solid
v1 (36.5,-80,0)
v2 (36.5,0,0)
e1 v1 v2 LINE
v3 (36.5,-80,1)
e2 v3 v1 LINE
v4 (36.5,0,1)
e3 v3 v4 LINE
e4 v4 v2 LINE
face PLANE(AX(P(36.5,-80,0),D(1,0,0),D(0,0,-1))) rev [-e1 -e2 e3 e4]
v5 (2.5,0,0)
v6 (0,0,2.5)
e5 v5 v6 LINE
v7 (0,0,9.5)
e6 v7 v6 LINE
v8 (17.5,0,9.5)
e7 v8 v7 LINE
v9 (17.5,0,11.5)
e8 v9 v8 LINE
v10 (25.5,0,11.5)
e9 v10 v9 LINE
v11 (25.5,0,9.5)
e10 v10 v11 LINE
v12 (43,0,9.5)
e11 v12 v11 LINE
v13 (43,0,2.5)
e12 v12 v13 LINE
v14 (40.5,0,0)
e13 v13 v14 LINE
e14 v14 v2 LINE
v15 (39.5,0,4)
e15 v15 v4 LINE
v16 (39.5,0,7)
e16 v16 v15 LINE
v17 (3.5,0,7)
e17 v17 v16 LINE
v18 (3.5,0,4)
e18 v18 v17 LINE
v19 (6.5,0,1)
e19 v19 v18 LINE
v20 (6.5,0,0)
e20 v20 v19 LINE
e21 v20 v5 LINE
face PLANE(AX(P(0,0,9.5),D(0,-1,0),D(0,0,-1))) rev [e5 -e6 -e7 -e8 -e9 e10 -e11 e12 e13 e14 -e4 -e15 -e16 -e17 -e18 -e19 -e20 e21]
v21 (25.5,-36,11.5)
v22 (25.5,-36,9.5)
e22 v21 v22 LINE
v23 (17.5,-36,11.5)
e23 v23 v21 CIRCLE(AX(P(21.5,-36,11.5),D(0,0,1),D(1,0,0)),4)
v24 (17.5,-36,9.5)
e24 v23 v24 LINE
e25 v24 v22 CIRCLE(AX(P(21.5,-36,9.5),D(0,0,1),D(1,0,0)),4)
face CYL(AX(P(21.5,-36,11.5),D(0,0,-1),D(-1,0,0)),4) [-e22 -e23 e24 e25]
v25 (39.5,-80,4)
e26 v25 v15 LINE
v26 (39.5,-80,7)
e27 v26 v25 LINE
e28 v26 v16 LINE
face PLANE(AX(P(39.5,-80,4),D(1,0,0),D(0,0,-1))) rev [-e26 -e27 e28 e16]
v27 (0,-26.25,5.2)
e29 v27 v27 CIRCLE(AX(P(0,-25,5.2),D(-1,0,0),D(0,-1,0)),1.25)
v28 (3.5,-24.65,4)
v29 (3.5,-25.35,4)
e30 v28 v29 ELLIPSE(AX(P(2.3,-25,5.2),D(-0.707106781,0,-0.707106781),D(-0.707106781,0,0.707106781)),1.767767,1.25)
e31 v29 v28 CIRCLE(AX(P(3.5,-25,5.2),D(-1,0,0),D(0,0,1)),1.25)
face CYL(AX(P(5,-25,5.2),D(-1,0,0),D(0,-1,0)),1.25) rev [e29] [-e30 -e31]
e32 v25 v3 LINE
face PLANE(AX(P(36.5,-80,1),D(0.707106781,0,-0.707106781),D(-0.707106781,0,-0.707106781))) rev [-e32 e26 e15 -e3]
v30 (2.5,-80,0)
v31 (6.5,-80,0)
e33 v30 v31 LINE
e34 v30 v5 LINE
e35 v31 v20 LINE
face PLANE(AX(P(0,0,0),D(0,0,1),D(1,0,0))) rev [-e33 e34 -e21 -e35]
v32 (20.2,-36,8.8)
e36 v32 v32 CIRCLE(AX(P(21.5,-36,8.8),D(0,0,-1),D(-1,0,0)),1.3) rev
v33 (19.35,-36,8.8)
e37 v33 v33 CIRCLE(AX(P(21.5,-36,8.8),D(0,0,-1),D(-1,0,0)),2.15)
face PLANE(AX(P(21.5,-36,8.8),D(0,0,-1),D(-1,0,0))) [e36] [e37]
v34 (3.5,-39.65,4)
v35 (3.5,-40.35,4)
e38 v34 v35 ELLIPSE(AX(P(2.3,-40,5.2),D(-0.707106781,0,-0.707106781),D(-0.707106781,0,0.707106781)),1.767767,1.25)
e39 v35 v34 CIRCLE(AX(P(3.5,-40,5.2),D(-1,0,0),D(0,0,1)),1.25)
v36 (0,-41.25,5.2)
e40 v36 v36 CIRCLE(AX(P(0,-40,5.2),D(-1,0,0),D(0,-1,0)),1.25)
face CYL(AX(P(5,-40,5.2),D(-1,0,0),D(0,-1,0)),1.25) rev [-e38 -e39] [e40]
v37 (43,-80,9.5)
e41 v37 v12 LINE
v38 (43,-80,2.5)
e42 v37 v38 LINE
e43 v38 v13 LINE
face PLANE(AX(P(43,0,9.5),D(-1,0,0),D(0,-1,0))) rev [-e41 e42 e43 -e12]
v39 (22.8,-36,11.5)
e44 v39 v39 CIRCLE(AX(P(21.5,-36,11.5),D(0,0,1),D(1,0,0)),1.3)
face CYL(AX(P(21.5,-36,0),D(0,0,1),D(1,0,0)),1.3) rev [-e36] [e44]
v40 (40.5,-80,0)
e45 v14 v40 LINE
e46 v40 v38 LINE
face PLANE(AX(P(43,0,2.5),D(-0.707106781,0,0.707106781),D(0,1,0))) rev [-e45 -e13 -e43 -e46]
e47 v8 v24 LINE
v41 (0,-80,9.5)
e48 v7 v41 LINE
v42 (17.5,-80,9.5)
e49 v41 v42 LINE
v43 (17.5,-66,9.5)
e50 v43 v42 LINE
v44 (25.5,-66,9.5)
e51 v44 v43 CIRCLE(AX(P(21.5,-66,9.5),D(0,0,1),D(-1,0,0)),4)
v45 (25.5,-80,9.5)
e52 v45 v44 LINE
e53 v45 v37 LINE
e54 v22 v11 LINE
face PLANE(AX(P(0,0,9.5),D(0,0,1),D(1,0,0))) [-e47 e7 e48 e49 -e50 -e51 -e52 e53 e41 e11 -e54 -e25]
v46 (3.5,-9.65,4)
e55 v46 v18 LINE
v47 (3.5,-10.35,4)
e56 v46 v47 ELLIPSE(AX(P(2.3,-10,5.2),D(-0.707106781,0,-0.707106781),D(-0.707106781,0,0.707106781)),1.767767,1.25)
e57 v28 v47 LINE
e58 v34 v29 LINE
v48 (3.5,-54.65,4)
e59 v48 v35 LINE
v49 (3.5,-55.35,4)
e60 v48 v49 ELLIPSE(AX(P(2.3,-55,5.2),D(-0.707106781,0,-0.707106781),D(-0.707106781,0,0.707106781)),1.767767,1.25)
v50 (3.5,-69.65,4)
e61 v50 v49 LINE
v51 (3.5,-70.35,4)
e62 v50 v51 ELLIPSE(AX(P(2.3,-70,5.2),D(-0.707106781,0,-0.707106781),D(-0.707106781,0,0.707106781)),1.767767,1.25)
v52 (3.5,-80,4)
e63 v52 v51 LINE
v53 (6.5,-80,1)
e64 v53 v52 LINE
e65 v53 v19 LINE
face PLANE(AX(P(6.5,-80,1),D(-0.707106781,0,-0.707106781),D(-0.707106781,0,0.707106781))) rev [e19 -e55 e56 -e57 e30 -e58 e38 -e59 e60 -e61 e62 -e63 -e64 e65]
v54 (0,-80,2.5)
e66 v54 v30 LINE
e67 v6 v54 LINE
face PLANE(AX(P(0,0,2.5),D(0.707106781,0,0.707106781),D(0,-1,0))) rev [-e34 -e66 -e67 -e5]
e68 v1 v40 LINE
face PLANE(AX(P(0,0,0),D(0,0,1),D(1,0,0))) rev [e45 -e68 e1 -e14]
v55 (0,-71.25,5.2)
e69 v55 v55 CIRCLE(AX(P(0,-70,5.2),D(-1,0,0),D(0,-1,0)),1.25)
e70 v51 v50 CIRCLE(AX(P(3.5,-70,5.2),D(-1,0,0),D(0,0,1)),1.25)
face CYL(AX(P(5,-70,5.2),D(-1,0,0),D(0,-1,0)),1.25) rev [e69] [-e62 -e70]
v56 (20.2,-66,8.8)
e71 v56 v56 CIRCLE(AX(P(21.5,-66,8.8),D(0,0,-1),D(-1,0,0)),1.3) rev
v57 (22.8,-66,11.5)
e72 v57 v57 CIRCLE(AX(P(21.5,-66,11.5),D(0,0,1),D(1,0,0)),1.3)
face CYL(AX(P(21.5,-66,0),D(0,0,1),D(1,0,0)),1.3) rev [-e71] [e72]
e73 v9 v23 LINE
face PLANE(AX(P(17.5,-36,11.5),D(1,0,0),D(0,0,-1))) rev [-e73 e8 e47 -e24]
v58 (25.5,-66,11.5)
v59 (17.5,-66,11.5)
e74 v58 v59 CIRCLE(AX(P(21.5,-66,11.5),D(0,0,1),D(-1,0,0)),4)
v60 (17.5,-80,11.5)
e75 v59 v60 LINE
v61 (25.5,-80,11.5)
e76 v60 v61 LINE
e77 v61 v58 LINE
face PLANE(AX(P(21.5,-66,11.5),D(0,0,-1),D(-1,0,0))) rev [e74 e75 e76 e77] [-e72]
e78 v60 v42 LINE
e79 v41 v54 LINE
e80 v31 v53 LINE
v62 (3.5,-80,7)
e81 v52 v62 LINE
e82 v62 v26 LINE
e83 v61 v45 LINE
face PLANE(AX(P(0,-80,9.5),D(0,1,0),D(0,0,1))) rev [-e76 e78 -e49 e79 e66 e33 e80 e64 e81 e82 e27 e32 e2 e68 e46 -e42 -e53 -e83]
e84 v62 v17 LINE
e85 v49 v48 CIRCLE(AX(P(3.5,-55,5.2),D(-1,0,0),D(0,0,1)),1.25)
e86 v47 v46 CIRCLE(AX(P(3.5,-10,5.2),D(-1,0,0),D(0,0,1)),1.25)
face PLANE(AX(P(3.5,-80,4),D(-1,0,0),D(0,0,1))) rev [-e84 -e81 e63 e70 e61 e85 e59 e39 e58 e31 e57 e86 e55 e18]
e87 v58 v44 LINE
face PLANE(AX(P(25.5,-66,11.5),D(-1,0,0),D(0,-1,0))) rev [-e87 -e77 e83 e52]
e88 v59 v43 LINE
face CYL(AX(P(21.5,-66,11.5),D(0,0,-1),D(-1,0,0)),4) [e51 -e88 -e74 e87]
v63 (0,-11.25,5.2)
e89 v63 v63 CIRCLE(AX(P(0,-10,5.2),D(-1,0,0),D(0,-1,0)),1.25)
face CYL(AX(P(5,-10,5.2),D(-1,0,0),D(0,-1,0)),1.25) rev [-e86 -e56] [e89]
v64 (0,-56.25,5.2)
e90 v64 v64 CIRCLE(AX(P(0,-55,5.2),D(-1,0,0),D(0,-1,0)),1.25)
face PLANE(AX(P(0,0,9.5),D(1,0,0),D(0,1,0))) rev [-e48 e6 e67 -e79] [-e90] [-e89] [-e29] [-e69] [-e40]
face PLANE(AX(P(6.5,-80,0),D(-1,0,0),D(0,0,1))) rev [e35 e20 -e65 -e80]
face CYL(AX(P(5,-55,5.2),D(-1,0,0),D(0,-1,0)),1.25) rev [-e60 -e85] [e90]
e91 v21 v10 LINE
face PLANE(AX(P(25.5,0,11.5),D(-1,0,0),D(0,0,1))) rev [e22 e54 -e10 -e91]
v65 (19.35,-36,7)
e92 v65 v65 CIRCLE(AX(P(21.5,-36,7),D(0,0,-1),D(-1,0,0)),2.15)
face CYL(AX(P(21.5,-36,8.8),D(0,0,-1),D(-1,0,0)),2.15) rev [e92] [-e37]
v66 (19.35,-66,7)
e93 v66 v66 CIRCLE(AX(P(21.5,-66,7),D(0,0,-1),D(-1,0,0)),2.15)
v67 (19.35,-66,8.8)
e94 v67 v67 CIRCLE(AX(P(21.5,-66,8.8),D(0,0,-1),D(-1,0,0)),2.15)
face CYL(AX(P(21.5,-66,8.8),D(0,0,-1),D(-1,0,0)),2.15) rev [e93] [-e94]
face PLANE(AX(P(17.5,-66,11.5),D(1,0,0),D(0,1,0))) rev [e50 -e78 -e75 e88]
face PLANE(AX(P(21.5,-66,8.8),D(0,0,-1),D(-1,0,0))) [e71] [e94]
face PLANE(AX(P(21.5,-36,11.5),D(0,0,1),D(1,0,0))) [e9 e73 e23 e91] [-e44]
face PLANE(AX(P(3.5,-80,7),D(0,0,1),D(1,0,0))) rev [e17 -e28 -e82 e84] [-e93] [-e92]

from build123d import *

# Parameters (mm, degrees)
SKETCH_1_W          = 43
SKETCH_1_H          = 80
EXTRUDE_1_DEPTH     = 9.5
CUT_EXTRUDE_1_DEPTH = 92.319494085
CHAMFER_1_SIZE      = 2.5
EXTRUDE_2_DEPTH     = 2
SKETCH_4_R          = 1.3
CUT_EXTRUDE_2_DEPTH = 92.549167118
SKETCH_5_R          = 2.15
CUT_EXTRUDE_3_DEPTH = 1.8
SKETCH_7_R          = 1.25
CUT_EXTRUDE_4_DEPTH = 5


with BuildPart() as part:
    # 草图1 → 凸台-拉伸1 (new body)
    with BuildSketch(Plane.XY):
        with Locations((21.5, -40)):
            Rectangle(SKETCH_1_W, SKETCH_1_H)
    extrude(amount=EXTRUDE_1_DEPTH)

    # 草图2 → 切除-拉伸1 (cut, through all)
    with BuildSketch(Plane(origin=(0, 0, 0), x_dir=(1, 0, 0), z_dir=(0, 1, 0))):
        Polygon((6.5, 0), (6.5, -1), (3.5, -4), (3.5, -7), (39.5, -7), (39.5, -4), (36.5, -1), (36.5, 0), align=None)
    extrude(amount=-CUT_EXTRUDE_1_DEPTH, mode=Mode.SUBTRACT)

    # 倒角1
    chamfer_1_edges = [part.edges().sort_by_distance(p)[0] for p in [
        (43, -40, 0),
        (0, -40, 0),
    ]]
    chamfer(chamfer_1_edges, length=CHAMFER_1_SIZE)

    # 草图3 → 凸台-拉伸2 (add)
    with BuildSketch(Plane.XY.offset(9.5)):
        with BuildLine():
            Line((17.5, -80), (25.5, -80))
            Line((25.5, -80), (25.5, -66))
            ThreePointArc((25.5, -66), (21.5, -62), (17.5, -66))
            Line((17.5, -66), (17.5, -80))
        make_face()
        with BuildLine():
            Line((17.5, -36), (17.5, 0))
            Line((17.5, 0), (25.5, 0))
            Line((25.5, 0), (25.5, -36))
            ThreePointArc((25.5, -36), (21.5, -40), (17.5, -36))
        make_face()
    extrude(amount=EXTRUDE_2_DEPTH)

    # 草图4 → 切除-拉伸2 (cut, through all)
    with BuildSketch(Plane.XY.offset(11.5)):
        with Locations((21.5, -36)):
            Circle(SKETCH_4_R)
        with Locations((21.5, -66)):
            Circle(SKETCH_4_R)
    extrude(amount=-CUT_EXTRUDE_2_DEPTH, mode=Mode.SUBTRACT)

    # 草图5 → 切除-拉伸3 (cut)
    with BuildSketch(Plane(origin=(0, 0, 7), x_dir=(-1, 0, 0), z_dir=(0, 0, -1))):
        with Locations((-21.5, -36)):
            Circle(SKETCH_5_R)
        with Locations((-21.5, -66)):
            Circle(SKETCH_5_R)
    extrude(amount=-CUT_EXTRUDE_3_DEPTH, mode=Mode.SUBTRACT)

    # 草图7 → 切除-拉伸4 (cut)
    with BuildSketch(Plane.ZY):
        with Locations(Location((5.2, -10, 0), (0, 0, 270))):
            Circle(SKETCH_7_R)
        with Locations(Location((5.2, -25, 0), (0, 0, 270))):
            Circle(SKETCH_7_R)
        with Locations(Location((5.2, -40, 0), (0, 0, 270))):
            Circle(SKETCH_7_R)
        with Locations(Location((5.2, -55, 0), (0, 0, 270))):
            Circle(SKETCH_7_R)
        with Locations(Location((5.2, -70, 0), (0, 0, 270))):
            Circle(SKETCH_7_R)
    extrude(amount=-CUT_EXTRUDE_4_DEPTH, mode=Mode.SUBTRACT)


solid = part.part
